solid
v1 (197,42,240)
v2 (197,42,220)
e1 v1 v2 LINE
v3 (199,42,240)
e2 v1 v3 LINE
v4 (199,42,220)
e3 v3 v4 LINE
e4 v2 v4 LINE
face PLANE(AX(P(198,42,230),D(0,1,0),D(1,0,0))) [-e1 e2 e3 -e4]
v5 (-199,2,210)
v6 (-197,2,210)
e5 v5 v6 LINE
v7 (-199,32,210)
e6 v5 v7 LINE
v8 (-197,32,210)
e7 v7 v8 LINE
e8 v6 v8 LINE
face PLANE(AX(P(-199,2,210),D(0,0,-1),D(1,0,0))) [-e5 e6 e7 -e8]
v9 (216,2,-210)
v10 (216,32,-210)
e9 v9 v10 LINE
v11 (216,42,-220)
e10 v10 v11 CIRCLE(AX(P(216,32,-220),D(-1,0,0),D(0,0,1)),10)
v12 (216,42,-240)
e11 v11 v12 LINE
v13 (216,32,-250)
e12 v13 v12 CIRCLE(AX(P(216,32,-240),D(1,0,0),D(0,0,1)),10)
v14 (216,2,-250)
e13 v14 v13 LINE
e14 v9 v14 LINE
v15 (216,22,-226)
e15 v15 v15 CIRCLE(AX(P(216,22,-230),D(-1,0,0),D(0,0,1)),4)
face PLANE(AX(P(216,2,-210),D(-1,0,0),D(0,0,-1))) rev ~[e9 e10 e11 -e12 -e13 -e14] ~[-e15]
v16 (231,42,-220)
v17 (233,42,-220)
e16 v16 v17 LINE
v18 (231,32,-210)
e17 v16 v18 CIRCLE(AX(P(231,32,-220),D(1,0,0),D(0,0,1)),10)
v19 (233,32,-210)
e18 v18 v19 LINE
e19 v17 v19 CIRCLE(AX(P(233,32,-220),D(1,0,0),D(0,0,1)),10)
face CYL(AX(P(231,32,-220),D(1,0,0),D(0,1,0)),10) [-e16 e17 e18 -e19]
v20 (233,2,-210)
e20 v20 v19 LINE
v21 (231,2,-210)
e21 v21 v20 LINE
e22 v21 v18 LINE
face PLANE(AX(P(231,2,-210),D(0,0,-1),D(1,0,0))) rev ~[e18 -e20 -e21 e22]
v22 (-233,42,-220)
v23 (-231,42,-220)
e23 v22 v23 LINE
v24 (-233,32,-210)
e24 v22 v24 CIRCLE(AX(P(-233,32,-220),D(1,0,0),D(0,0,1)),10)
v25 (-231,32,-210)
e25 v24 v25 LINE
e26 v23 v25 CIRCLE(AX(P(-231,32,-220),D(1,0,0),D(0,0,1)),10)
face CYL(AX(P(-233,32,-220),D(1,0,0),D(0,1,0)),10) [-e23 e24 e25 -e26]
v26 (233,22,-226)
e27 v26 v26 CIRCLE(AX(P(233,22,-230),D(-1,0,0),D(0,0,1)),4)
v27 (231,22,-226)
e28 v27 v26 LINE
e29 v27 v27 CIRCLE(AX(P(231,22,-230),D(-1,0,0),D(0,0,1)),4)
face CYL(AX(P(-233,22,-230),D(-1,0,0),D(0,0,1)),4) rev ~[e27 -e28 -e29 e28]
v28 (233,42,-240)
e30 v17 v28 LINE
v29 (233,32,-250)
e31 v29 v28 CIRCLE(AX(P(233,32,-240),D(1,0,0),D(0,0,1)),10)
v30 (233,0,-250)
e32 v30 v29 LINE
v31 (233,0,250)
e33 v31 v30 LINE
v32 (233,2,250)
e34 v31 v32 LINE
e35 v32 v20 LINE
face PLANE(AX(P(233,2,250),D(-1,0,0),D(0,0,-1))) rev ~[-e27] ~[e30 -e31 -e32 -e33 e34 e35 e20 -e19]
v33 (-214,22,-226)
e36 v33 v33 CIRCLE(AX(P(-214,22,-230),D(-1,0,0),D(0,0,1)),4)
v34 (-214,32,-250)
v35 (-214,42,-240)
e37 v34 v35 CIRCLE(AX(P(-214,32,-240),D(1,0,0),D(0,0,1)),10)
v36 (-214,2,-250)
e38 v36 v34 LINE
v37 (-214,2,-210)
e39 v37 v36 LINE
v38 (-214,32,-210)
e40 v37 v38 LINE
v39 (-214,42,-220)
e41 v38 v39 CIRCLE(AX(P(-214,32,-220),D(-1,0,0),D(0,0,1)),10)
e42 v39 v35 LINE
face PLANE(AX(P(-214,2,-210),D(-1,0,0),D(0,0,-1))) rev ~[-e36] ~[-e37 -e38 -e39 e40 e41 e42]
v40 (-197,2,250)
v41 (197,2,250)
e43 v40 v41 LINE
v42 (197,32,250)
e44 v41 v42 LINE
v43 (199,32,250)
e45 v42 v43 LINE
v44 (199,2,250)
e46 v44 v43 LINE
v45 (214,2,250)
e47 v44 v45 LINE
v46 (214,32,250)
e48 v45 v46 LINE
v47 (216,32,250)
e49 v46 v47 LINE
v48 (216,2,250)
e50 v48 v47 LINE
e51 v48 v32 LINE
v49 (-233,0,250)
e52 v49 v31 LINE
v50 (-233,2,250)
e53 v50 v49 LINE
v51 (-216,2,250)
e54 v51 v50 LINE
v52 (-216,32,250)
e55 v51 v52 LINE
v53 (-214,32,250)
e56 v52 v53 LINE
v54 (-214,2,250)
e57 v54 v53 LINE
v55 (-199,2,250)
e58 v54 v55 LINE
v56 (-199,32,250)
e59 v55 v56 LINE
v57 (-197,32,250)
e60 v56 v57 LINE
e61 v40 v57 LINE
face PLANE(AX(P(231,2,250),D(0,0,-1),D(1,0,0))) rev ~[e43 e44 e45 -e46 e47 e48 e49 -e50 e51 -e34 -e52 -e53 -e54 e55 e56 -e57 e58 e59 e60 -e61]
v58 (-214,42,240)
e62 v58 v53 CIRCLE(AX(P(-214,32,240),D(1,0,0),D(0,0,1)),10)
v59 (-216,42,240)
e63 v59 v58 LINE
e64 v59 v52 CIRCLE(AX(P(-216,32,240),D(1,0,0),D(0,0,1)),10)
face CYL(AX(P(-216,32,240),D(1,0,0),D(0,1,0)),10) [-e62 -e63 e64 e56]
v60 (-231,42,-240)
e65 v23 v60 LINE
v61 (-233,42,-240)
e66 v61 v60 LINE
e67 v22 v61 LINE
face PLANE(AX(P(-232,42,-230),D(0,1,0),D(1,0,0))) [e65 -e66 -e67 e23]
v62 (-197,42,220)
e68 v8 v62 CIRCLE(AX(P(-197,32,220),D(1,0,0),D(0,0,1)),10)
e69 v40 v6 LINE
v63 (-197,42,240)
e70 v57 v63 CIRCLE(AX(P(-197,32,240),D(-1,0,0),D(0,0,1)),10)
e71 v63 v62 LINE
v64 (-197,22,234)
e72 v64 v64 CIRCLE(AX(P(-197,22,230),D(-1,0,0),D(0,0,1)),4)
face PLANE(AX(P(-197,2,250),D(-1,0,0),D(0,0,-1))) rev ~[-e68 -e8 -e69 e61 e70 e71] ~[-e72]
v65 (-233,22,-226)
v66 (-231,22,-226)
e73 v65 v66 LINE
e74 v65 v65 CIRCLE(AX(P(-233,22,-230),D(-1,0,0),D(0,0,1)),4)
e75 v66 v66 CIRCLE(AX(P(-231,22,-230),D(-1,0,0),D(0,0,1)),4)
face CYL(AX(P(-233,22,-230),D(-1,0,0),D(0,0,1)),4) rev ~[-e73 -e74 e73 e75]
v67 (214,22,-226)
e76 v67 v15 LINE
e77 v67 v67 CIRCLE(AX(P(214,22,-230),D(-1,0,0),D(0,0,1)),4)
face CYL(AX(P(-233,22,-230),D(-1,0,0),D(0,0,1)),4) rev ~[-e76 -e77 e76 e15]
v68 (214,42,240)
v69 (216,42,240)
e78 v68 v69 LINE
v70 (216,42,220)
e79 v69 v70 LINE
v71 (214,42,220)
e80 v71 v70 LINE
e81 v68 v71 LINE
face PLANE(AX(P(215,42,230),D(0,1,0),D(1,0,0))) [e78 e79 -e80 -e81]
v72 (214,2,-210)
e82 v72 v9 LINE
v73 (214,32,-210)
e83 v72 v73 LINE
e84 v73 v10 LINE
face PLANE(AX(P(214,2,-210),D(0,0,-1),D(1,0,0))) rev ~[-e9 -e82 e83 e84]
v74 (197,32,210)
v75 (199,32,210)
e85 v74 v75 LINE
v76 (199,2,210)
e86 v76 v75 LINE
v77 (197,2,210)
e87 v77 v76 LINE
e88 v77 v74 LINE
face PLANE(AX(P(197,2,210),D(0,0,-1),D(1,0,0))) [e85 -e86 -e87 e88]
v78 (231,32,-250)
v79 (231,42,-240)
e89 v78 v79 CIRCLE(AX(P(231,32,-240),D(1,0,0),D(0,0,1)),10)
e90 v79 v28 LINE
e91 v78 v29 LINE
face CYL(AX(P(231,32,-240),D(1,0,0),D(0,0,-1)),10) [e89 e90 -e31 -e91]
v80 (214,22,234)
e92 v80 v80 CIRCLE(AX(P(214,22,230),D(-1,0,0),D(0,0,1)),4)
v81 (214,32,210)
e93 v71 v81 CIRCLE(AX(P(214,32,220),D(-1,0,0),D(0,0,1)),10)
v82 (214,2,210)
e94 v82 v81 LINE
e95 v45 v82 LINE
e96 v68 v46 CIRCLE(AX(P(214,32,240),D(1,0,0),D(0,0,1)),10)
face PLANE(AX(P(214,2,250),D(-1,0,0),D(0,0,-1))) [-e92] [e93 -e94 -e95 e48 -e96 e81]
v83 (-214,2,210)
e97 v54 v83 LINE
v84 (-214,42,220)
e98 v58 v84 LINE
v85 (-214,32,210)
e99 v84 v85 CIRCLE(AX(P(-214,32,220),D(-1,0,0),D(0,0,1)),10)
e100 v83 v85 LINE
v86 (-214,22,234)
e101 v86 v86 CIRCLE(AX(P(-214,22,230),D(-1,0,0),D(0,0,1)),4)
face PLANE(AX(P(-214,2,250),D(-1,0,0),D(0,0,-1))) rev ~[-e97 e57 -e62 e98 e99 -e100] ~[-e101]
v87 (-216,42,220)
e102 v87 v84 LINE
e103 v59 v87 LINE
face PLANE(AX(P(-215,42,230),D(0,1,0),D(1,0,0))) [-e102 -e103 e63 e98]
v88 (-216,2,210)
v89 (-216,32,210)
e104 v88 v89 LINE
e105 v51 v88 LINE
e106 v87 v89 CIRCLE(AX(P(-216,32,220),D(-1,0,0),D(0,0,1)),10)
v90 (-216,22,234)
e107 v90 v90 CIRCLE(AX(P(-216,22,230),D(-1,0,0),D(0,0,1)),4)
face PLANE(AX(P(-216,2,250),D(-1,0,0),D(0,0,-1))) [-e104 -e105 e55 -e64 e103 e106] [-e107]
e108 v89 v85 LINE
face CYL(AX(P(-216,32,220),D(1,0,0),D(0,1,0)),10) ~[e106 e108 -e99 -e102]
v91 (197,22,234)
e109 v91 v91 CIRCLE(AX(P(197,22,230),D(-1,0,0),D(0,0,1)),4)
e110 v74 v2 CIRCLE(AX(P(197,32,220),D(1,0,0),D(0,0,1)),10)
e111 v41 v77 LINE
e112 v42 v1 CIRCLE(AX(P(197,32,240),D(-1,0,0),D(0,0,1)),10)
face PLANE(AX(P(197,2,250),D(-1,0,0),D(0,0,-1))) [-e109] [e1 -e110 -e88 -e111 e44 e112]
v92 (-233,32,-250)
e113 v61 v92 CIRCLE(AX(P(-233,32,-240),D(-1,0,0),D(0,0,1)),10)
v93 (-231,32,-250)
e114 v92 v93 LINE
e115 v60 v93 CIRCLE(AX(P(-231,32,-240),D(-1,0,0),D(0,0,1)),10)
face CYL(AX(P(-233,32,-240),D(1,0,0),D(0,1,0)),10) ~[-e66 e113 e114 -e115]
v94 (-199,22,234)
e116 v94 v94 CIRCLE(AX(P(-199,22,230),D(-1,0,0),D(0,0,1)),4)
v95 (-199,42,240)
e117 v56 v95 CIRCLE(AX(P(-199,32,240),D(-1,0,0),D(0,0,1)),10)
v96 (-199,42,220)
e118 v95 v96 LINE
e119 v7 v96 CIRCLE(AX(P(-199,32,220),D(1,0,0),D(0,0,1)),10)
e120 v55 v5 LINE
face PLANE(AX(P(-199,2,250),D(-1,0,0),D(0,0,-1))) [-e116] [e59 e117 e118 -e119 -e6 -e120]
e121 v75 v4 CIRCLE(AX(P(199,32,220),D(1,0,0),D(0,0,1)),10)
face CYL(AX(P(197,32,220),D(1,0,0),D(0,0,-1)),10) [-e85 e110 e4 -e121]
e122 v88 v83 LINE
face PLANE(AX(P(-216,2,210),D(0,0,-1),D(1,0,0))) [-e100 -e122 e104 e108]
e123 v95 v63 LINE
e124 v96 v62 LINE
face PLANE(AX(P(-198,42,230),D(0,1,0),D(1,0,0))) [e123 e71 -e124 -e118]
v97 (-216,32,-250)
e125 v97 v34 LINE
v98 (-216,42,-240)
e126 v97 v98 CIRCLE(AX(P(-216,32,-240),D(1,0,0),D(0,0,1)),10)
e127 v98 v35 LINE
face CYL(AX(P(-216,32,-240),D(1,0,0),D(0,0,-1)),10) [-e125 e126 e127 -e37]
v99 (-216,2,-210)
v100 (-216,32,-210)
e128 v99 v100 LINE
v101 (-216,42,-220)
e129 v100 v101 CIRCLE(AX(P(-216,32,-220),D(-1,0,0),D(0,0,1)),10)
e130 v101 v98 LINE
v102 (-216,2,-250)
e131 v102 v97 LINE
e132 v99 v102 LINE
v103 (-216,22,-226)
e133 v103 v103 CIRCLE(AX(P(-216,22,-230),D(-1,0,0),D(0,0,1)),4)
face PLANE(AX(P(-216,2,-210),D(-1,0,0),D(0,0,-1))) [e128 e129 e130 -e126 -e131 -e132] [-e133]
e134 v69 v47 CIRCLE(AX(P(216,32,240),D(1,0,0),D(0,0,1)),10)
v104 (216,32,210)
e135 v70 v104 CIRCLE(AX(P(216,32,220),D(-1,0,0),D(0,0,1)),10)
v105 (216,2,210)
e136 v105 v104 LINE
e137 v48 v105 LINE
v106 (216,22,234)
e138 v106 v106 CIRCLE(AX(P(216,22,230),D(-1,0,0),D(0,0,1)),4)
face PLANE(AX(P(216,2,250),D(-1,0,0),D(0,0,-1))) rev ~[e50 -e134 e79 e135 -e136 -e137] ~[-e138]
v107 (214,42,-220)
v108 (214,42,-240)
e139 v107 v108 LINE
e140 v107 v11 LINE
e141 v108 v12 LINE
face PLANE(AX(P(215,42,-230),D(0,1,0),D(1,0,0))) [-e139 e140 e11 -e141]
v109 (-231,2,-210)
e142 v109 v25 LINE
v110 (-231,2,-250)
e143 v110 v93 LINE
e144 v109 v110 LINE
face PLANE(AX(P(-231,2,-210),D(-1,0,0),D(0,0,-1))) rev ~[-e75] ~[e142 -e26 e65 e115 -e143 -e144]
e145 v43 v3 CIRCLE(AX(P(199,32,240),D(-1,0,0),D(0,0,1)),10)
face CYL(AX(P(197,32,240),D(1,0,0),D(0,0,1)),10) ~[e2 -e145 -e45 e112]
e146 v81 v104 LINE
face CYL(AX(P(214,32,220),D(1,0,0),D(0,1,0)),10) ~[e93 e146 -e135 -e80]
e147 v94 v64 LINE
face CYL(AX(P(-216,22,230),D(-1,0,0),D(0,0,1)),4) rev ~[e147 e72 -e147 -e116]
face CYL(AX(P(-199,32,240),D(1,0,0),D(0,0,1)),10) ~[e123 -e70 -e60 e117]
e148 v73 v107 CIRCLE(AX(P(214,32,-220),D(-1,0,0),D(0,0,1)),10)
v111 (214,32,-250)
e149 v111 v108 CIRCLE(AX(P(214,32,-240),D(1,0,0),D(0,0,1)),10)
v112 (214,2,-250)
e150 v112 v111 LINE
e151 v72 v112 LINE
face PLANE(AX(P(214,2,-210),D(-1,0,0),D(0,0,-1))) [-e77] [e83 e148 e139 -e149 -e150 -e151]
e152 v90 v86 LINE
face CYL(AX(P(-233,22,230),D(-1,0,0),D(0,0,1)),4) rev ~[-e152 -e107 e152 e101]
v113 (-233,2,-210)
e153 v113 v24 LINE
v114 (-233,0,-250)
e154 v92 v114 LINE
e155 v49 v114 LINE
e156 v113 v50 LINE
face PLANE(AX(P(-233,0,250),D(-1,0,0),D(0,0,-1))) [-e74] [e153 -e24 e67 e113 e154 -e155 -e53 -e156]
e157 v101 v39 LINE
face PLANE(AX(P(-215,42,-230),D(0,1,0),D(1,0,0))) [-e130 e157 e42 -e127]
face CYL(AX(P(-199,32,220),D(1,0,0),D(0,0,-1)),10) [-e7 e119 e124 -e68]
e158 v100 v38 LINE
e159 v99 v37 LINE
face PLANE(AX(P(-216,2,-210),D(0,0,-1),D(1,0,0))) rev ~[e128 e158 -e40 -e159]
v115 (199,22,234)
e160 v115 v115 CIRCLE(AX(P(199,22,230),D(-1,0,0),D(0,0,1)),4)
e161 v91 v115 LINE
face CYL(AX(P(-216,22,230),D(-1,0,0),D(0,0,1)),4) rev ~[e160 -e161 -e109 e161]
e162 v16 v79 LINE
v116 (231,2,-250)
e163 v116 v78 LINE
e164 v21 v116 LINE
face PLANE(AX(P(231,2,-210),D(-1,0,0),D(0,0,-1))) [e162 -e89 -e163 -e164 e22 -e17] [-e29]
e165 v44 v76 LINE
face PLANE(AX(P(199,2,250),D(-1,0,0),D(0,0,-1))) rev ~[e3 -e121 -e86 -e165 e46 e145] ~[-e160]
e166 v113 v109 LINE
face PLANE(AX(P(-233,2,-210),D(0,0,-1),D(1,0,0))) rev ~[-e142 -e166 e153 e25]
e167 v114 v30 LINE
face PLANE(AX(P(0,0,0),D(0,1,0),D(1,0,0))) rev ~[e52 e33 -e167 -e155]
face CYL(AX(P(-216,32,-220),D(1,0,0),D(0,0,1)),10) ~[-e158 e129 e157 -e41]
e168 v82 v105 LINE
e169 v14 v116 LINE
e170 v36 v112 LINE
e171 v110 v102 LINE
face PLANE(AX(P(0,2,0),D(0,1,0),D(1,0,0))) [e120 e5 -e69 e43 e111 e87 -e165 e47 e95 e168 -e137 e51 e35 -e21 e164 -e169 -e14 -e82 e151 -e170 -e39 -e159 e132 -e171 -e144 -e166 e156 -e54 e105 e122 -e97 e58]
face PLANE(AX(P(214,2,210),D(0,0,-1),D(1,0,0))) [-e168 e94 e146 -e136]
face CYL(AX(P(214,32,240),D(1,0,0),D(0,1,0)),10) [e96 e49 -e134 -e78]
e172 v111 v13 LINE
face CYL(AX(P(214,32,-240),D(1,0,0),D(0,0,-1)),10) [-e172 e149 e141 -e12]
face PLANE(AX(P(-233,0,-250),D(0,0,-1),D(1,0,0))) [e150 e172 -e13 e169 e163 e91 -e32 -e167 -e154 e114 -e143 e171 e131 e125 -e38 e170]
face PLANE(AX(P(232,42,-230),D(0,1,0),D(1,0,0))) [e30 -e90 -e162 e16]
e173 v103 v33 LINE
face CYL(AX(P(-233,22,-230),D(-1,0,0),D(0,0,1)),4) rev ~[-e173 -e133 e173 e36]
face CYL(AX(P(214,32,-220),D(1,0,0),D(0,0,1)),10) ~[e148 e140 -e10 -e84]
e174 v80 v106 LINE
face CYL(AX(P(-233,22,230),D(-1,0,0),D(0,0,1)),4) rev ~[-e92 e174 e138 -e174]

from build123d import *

# Parameters (mm, degrees)
SKETCH1_W               = 466
SKETCH1_H               = 500
BOSS_EXTRUDE1_DEPTH     = 2
SKETCH2_W               = 2
SKETCH2_H               = 40
BOSS_EXTRUDE2_DEPTH     = 40
FILLET1_R               = 10
SKETCH3_R               = 4
CUT_EXTRUDE1_DEPTH      = 531.490339215
CROQUIS2_W              = 40
CROQUIS2_H              = 40
CORTAR_EXTRUIR1_DEPTH   = 10
CROQUIS3_W              = 40
CROQUIS3_H              = 40
CORTAR_EXTRUIR2_DEPTH   = 10
CROQUIS4_W              = 2
CROQUIS4_H              = 40
SALIENTE_EXTRUIR1_DEPTH = 40
CROQUIS5_R              = 4
CORTAR_EXTRUIR3_DEPTH   = 516.620984833
REDONDEO1_R             = 10


with BuildPart() as part:
    # Sketch1 → Boss-Extrude1 (new body)
    with BuildSketch(Plane(origin=(0, 0, 0), x_dir=(1, 0, 0), z_dir=(0, 1, 0))):
        Rectangle(SKETCH1_W, SKETCH1_H)
    extrude(amount=BOSS_EXTRUDE1_DEPTH)

    # Sketch2 → Boss-Extrude2 (add)
    with BuildSketch(Plane(origin=(0, 2, 0), x_dir=(1, 0, 0), z_dir=(0, 1, 0))):
        with Locations((232, -230)):
            Rectangle(SKETCH2_W, SKETCH2_H)
        with Locations((232, 230)):
            Rectangle(SKETCH2_W, SKETCH2_H)
        with Locations((-232, 230)):
            Rectangle(SKETCH2_W, SKETCH2_H)
        with Locations((-232, -230)):
            Rectangle(SKETCH2_W, SKETCH2_H)
        with Locations((215, -230)):
            Rectangle(SKETCH2_W, SKETCH2_H)
        with Locations((-215, -230)):
            Rectangle(SKETCH2_W, SKETCH2_H)
        with Locations((-215, 230)):
            Rectangle(SKETCH2_W, SKETCH2_H)
        with Locations((215, 230)):
            Rectangle(SKETCH2_W, SKETCH2_H)
    extrude(amount=BOSS_EXTRUDE2_DEPTH)

    # Fillet1
    fillet1_edges = [part.edges().sort_by_distance(p)[0] for p in [
        (232, 42, 210),
        (232, 42, 250),
        (232, 42, -250),
        (232, 42, -210),
        (-232, 42, -250),
        (-232, 42, -210),
        (-232, 42, 250),
        (-232, 42, 210),
        (-215, 42, 250),
        (-215, 42, 210),
        (215, 42, 210),
        (215, 42, 250),
        (-215, 42, -210),
        (-215, 42, -250),
        (215, 42, -210),
        (215, 42, -250),
    ]]
    fillet(fillet1_edges, radius=FILLET1_R)

    # Sketch3 → Cut-Extrude1 (cut, through all)
    with BuildSketch(Plane.ZY.offset(233)):
        with Locations((-230, 22)):
            Circle(SKETCH3_R)
        with Locations((230, 22)):
            Circle(SKETCH3_R)
    extrude(amount=-CUT_EXTRUDE1_DEPTH, mode=Mode.SUBTRACT)

    # Croquis2 → Cortar-Extruir1 (cut)
    with BuildSketch(Plane.ZY.offset(233)):
        with Locations((230, 22)):
            Rectangle(CROQUIS2_W, CROQUIS2_H)
    extrude(amount=-CORTAR_EXTRUIR1_DEPTH, mode=Mode.SUBTRACT)

    # Croquis3 → Cortar-Extruir2 (cut)
    with BuildSketch(Plane(origin=(233, 0, 0), x_dir=(0, 0, -1), z_dir=(1, 0, 0))):
        with Locations((-230, 22)):
            Rectangle(CROQUIS3_W, CROQUIS3_H)
    extrude(amount=-CORTAR_EXTRUIR2_DEPTH, mode=Mode.SUBTRACT)

    # Croquis4 → Saliente-Extruir1 (add)
    with BuildSketch(Plane(origin=(0, 2, 0), x_dir=(1, 0, 0), z_dir=(0, 1, 0))):
        with Locations((-198, -230)):
            Rectangle(CROQUIS4_W, CROQUIS4_H)
        with Locations((198, -230)):
            Rectangle(CROQUIS4_W, CROQUIS4_H)
    extrude(amount=SALIENTE_EXTRUIR1_DEPTH)

    # Croquis5 → Cortar-Extruir3 (cut, through all)
    with BuildSketch(Plane.ZY.offset(216)):
        with Locations((230, 22)):
            Circle(CROQUIS5_R)
    extrude(amount=-CORTAR_EXTRUIR3_DEPTH, mode=Mode.SUBTRACT)

    # Redondeo1
    redondeo1_edges = [part.edges().sort_by_distance(p)[0] for p in [
        (-198, 42, 250),
        (-198, 42, 210),
        (198, 42, 210),
        (198, 42, 250),
    ]]
    fillet(redondeo1_edges, radius=REDONDEO1_R)


solid = part.part
